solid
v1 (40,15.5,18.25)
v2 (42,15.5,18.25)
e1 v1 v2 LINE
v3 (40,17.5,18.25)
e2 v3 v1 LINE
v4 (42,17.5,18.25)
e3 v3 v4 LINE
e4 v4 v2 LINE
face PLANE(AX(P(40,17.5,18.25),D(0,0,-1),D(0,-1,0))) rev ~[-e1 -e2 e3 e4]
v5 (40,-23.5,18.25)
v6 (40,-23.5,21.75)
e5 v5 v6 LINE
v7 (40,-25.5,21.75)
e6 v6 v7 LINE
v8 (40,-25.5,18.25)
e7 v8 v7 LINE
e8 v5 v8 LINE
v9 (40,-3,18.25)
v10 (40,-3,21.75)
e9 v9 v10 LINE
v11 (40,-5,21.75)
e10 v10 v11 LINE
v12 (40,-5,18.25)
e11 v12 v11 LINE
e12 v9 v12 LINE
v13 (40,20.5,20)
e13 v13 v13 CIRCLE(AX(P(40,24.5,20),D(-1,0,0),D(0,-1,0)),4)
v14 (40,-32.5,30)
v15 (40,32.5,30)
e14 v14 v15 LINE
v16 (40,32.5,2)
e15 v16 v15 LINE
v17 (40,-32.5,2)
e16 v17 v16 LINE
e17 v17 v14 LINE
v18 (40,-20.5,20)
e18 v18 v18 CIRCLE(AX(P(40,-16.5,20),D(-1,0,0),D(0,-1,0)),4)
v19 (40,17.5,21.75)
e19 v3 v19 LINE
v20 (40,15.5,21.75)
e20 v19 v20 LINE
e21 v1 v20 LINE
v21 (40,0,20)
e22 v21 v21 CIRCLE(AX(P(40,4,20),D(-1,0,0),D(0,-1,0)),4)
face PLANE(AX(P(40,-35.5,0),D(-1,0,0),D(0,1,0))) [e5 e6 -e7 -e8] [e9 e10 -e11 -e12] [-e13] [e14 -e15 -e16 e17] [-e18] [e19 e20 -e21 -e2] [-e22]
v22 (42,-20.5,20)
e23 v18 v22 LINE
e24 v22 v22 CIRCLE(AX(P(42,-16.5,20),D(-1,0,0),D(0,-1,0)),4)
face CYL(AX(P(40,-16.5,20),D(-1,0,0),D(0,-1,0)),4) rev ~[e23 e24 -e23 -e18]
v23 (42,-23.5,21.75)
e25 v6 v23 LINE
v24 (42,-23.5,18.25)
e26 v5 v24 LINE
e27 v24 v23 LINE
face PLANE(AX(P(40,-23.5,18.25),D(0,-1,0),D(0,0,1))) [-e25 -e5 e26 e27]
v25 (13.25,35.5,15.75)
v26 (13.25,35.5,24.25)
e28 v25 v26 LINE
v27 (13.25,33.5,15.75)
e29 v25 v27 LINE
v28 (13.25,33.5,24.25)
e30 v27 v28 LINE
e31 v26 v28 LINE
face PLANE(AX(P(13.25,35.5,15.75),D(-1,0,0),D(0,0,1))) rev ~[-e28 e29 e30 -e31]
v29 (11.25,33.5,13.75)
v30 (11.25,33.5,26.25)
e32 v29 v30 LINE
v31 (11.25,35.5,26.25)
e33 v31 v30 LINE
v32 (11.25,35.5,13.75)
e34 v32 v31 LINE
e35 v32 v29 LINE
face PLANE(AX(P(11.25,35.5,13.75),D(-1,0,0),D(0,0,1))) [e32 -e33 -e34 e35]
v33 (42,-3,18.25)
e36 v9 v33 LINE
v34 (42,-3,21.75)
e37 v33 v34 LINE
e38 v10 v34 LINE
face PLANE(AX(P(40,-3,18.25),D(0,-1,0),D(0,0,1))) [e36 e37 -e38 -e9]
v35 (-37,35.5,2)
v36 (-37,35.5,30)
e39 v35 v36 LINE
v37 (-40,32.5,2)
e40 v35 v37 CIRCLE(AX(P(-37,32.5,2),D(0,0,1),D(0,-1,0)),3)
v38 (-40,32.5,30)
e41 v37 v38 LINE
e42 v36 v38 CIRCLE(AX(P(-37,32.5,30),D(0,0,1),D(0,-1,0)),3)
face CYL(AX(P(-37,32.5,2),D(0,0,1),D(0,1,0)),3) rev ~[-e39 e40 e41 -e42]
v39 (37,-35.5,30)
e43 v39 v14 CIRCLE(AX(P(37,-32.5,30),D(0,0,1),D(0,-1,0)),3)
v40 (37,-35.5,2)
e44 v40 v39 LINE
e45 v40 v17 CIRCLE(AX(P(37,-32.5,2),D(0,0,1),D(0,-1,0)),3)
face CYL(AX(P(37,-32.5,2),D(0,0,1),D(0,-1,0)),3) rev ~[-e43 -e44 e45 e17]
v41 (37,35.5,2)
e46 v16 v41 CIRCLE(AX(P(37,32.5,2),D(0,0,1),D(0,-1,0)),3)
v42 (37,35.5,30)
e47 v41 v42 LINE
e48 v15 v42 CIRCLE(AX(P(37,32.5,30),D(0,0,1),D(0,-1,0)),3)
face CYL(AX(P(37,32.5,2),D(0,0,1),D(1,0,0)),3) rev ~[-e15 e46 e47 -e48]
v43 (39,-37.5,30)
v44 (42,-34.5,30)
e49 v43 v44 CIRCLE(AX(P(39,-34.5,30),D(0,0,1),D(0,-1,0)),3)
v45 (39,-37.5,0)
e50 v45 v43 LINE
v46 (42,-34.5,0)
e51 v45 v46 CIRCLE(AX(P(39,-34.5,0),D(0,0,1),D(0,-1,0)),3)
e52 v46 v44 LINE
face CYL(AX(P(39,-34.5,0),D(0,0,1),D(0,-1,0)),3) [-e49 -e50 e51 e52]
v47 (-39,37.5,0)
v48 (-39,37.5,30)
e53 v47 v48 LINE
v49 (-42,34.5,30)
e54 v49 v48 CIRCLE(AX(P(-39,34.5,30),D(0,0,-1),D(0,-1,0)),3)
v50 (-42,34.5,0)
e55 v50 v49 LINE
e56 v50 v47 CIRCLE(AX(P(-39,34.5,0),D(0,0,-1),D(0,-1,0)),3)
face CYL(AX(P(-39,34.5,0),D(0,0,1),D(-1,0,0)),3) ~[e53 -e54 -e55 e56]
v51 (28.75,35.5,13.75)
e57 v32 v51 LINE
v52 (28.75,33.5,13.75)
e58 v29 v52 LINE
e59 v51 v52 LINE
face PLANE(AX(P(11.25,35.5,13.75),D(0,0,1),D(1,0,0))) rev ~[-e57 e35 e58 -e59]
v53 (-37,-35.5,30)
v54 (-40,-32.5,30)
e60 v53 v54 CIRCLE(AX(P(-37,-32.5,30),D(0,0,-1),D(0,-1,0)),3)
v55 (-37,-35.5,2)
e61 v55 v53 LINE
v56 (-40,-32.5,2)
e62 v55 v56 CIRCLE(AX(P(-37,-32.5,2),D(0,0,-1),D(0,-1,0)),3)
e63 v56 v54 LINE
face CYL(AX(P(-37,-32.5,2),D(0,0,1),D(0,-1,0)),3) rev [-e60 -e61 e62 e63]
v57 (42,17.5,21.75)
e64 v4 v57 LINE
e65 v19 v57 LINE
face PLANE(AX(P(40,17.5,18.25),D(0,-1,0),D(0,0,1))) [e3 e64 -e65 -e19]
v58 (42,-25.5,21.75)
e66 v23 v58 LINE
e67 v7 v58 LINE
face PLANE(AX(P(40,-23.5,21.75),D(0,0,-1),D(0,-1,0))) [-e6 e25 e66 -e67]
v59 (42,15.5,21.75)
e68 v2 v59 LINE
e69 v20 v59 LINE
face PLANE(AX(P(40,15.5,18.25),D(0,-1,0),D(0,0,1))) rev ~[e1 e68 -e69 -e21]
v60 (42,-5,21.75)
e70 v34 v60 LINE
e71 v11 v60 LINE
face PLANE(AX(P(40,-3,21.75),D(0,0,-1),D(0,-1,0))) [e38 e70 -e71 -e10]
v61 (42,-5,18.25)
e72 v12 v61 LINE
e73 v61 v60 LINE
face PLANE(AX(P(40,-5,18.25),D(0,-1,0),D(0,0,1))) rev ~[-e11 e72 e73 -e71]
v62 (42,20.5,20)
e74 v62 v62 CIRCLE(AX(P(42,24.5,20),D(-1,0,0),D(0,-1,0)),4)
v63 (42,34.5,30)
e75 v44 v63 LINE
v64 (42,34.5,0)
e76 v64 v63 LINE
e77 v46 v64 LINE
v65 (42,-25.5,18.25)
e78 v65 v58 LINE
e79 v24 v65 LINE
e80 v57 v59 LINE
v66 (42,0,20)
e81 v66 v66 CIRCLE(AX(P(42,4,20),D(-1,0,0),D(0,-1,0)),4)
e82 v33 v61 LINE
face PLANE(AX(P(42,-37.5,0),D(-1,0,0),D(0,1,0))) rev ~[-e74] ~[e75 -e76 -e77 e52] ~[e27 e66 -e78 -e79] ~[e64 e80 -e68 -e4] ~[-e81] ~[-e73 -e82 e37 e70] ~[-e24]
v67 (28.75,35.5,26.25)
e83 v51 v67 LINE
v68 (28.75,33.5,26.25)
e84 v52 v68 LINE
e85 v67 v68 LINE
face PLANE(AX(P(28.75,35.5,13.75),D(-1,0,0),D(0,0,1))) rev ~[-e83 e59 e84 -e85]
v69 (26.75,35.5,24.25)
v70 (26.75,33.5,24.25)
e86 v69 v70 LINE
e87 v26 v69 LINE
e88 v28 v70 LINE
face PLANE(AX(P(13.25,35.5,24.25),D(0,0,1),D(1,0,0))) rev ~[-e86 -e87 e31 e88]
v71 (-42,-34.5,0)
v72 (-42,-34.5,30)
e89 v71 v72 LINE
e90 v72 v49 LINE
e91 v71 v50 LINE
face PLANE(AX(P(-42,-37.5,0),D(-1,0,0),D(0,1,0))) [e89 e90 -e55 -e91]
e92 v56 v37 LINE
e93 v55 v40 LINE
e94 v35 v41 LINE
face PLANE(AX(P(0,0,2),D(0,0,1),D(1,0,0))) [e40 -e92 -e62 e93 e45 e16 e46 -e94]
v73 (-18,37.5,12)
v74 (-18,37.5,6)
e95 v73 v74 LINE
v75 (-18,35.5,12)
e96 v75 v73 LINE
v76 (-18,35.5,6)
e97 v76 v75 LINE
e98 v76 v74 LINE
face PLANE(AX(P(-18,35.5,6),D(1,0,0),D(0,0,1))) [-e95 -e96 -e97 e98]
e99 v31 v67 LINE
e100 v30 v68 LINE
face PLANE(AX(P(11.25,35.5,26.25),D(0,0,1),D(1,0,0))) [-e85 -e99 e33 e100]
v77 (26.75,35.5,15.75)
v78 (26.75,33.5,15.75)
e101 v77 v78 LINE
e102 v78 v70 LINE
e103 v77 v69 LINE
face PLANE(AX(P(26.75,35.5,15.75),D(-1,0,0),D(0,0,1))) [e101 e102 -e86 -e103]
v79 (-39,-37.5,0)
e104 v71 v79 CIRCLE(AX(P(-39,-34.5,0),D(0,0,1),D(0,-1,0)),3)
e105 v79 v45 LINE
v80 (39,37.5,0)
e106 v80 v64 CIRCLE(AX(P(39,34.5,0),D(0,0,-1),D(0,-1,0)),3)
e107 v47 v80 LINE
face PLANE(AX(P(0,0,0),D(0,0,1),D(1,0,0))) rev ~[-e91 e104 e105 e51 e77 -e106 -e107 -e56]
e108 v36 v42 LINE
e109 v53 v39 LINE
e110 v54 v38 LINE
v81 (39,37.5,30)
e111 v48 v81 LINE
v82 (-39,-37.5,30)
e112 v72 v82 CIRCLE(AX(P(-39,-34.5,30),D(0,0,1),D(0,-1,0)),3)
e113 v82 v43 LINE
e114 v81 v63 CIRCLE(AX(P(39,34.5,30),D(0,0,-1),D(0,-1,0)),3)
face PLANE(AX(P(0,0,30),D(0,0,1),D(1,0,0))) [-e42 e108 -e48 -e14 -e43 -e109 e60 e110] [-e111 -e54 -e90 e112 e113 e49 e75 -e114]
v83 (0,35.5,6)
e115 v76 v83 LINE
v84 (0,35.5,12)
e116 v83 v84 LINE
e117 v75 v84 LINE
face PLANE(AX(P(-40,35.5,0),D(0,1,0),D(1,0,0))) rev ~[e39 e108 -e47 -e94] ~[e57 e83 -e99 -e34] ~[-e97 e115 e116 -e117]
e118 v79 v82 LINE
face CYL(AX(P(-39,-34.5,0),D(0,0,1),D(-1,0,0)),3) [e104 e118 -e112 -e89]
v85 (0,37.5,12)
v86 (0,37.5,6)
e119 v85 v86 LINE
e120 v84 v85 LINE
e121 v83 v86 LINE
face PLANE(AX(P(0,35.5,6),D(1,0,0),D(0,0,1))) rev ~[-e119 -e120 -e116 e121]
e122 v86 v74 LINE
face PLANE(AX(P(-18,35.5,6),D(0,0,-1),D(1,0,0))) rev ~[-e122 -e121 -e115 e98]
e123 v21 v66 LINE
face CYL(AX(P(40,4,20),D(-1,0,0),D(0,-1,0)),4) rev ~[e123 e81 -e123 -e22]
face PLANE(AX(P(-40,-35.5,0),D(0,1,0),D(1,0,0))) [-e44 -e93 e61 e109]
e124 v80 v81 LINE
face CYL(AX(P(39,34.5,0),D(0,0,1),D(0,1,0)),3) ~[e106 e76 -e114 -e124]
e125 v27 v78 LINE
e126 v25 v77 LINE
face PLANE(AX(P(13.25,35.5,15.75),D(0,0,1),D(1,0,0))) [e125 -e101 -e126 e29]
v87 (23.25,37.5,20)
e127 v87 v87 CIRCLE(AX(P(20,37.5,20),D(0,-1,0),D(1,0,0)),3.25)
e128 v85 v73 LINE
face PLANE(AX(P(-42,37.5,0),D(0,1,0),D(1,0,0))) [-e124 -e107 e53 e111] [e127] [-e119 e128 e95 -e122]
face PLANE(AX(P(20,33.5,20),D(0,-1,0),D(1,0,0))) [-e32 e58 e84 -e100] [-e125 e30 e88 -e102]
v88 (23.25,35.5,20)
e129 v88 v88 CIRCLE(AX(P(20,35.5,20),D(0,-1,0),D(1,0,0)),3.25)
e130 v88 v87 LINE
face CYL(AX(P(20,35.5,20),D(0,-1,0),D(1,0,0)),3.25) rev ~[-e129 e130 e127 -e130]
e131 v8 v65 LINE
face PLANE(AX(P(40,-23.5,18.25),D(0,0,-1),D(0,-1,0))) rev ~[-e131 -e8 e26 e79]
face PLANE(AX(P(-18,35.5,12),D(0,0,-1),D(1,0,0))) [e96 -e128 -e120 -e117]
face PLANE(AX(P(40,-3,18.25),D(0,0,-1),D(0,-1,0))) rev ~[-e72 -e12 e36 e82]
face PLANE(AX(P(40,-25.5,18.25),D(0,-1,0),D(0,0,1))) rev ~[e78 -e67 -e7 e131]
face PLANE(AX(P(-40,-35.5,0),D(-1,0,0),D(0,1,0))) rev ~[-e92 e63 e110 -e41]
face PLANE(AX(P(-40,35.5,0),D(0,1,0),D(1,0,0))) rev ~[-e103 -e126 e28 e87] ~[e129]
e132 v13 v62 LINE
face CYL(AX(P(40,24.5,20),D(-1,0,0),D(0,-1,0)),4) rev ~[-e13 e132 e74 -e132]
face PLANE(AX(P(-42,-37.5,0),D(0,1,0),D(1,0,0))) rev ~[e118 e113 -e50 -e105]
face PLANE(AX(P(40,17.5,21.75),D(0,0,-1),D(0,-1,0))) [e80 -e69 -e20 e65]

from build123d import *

# Parameters (mm, degrees)
F0_W     = 80
F0_H     = 71
F1_DEPTH = 2
F0_W_2   = 84
F0_H_2   = 75
F2_DEPTH = 30
F3_R     = 4
F4_DEPTH = 25
F5_W     = 18
F5_H     = 6
F6_DEPTH = 25
F5_W_2   = 17.5
F5_H_2   = 12.5
F5_W_3   = 13.5
F5_H_3   = 8.5
F7_DEPTH = 2
F5_R     = 3.25
F8_DEPTH = 25
F3_W     = 2
F3_H     = 3.5
F9_DEPTH = 25
F10_R    = 3
F11_R    = 3


with BuildPart() as f1:
    # F0 (on Top) → F1 (new body)
    with BuildSketch(Plane.XY):
        Rectangle(F0_W, F0_H)
    extrude(amount=F1_DEPTH)

    # F0 (on Top) → F2 (join)
    with BuildSketch(Plane.XY):
        Rectangle(F0_W_2, F0_H_2)
        Rectangle(F0_W, F0_H, mode=Mode.SUBTRACT)
    extrude(amount=F2_DEPTH)

    # F3 (on face) → F4 (cut)
    with BuildSketch(Plane(origin=(40, 0, 0), x_dir=(0, -1, 0), z_dir=(-1, 0, 0))):
        with Locations((-24.5, 20)):
            Circle(F3_R)
        with Locations((-4, 20)):
            Circle(F3_R)
        with Locations((16.5, 20)):
            Circle(F3_R)
    extrude(amount=-F4_DEPTH, mode=Mode.SUBTRACT)

    # F5 (on face) → F6 (cut)
    with BuildSketch(Plane.XZ.offset(-35.5)):
        with Locations((-9, 9)):
            Rectangle(F5_W, F5_H)
    extrude(amount=-F6_DEPTH, mode=Mode.SUBTRACT)

    # F5 (on face) → F7 (join)
    with BuildSketch(Plane.XZ.offset(-35.5)):
        with Locations((20, 20)):
            Rectangle(F5_W_2, F5_H_2)
        with Locations((20, 20)):
            Rectangle(F5_W_3, F5_H_3, mode=Mode.SUBTRACT)
    extrude(amount=F7_DEPTH)

    # F5 (on face) → F8 (cut)
    with BuildSketch(Plane.XZ.offset(-35.5)):
        with Locations((20, 20)):
            Circle(F5_R)
    extrude(amount=-F8_DEPTH, mode=Mode.SUBTRACT)

    # F3 (on face) → F9 (cut)
    with BuildSketch(Plane(origin=(40, 0, 0), x_dir=(0, -1, 0), z_dir=(-1, 0, 0))):
        with Locations((-16.5, 20)):
            Rectangle(F3_W, F3_H)
        with Locations((4, 20)):
            Rectangle(F3_W, F3_H)
        with Locations((24.5, 20)):
            Rectangle(F3_W, F3_H)
    extrude(amount=-F9_DEPTH, mode=Mode.SUBTRACT)

    # F10
    f10_edges = [f1.edges().sort_by_distance(p)[0] for p in [
        (40, 35.5, 16),
        (-40, 35.5, 16),
        (-40, -35.5, 16),
        (40, -35.5, 16),
    ]]
    fillet(f10_edges, radius=F10_R)

    # F11
    f11_edges = [f1.edges().sort_by_distance(p)[0] for p in [
        (42, -37.5, 15),
        (42, 37.5, 15),
        (-42, -37.5, 15),
        (-42, 37.5, 15),
    ]]
    fillet(f11_edges, radius=F11_R)


solid = f1.part
